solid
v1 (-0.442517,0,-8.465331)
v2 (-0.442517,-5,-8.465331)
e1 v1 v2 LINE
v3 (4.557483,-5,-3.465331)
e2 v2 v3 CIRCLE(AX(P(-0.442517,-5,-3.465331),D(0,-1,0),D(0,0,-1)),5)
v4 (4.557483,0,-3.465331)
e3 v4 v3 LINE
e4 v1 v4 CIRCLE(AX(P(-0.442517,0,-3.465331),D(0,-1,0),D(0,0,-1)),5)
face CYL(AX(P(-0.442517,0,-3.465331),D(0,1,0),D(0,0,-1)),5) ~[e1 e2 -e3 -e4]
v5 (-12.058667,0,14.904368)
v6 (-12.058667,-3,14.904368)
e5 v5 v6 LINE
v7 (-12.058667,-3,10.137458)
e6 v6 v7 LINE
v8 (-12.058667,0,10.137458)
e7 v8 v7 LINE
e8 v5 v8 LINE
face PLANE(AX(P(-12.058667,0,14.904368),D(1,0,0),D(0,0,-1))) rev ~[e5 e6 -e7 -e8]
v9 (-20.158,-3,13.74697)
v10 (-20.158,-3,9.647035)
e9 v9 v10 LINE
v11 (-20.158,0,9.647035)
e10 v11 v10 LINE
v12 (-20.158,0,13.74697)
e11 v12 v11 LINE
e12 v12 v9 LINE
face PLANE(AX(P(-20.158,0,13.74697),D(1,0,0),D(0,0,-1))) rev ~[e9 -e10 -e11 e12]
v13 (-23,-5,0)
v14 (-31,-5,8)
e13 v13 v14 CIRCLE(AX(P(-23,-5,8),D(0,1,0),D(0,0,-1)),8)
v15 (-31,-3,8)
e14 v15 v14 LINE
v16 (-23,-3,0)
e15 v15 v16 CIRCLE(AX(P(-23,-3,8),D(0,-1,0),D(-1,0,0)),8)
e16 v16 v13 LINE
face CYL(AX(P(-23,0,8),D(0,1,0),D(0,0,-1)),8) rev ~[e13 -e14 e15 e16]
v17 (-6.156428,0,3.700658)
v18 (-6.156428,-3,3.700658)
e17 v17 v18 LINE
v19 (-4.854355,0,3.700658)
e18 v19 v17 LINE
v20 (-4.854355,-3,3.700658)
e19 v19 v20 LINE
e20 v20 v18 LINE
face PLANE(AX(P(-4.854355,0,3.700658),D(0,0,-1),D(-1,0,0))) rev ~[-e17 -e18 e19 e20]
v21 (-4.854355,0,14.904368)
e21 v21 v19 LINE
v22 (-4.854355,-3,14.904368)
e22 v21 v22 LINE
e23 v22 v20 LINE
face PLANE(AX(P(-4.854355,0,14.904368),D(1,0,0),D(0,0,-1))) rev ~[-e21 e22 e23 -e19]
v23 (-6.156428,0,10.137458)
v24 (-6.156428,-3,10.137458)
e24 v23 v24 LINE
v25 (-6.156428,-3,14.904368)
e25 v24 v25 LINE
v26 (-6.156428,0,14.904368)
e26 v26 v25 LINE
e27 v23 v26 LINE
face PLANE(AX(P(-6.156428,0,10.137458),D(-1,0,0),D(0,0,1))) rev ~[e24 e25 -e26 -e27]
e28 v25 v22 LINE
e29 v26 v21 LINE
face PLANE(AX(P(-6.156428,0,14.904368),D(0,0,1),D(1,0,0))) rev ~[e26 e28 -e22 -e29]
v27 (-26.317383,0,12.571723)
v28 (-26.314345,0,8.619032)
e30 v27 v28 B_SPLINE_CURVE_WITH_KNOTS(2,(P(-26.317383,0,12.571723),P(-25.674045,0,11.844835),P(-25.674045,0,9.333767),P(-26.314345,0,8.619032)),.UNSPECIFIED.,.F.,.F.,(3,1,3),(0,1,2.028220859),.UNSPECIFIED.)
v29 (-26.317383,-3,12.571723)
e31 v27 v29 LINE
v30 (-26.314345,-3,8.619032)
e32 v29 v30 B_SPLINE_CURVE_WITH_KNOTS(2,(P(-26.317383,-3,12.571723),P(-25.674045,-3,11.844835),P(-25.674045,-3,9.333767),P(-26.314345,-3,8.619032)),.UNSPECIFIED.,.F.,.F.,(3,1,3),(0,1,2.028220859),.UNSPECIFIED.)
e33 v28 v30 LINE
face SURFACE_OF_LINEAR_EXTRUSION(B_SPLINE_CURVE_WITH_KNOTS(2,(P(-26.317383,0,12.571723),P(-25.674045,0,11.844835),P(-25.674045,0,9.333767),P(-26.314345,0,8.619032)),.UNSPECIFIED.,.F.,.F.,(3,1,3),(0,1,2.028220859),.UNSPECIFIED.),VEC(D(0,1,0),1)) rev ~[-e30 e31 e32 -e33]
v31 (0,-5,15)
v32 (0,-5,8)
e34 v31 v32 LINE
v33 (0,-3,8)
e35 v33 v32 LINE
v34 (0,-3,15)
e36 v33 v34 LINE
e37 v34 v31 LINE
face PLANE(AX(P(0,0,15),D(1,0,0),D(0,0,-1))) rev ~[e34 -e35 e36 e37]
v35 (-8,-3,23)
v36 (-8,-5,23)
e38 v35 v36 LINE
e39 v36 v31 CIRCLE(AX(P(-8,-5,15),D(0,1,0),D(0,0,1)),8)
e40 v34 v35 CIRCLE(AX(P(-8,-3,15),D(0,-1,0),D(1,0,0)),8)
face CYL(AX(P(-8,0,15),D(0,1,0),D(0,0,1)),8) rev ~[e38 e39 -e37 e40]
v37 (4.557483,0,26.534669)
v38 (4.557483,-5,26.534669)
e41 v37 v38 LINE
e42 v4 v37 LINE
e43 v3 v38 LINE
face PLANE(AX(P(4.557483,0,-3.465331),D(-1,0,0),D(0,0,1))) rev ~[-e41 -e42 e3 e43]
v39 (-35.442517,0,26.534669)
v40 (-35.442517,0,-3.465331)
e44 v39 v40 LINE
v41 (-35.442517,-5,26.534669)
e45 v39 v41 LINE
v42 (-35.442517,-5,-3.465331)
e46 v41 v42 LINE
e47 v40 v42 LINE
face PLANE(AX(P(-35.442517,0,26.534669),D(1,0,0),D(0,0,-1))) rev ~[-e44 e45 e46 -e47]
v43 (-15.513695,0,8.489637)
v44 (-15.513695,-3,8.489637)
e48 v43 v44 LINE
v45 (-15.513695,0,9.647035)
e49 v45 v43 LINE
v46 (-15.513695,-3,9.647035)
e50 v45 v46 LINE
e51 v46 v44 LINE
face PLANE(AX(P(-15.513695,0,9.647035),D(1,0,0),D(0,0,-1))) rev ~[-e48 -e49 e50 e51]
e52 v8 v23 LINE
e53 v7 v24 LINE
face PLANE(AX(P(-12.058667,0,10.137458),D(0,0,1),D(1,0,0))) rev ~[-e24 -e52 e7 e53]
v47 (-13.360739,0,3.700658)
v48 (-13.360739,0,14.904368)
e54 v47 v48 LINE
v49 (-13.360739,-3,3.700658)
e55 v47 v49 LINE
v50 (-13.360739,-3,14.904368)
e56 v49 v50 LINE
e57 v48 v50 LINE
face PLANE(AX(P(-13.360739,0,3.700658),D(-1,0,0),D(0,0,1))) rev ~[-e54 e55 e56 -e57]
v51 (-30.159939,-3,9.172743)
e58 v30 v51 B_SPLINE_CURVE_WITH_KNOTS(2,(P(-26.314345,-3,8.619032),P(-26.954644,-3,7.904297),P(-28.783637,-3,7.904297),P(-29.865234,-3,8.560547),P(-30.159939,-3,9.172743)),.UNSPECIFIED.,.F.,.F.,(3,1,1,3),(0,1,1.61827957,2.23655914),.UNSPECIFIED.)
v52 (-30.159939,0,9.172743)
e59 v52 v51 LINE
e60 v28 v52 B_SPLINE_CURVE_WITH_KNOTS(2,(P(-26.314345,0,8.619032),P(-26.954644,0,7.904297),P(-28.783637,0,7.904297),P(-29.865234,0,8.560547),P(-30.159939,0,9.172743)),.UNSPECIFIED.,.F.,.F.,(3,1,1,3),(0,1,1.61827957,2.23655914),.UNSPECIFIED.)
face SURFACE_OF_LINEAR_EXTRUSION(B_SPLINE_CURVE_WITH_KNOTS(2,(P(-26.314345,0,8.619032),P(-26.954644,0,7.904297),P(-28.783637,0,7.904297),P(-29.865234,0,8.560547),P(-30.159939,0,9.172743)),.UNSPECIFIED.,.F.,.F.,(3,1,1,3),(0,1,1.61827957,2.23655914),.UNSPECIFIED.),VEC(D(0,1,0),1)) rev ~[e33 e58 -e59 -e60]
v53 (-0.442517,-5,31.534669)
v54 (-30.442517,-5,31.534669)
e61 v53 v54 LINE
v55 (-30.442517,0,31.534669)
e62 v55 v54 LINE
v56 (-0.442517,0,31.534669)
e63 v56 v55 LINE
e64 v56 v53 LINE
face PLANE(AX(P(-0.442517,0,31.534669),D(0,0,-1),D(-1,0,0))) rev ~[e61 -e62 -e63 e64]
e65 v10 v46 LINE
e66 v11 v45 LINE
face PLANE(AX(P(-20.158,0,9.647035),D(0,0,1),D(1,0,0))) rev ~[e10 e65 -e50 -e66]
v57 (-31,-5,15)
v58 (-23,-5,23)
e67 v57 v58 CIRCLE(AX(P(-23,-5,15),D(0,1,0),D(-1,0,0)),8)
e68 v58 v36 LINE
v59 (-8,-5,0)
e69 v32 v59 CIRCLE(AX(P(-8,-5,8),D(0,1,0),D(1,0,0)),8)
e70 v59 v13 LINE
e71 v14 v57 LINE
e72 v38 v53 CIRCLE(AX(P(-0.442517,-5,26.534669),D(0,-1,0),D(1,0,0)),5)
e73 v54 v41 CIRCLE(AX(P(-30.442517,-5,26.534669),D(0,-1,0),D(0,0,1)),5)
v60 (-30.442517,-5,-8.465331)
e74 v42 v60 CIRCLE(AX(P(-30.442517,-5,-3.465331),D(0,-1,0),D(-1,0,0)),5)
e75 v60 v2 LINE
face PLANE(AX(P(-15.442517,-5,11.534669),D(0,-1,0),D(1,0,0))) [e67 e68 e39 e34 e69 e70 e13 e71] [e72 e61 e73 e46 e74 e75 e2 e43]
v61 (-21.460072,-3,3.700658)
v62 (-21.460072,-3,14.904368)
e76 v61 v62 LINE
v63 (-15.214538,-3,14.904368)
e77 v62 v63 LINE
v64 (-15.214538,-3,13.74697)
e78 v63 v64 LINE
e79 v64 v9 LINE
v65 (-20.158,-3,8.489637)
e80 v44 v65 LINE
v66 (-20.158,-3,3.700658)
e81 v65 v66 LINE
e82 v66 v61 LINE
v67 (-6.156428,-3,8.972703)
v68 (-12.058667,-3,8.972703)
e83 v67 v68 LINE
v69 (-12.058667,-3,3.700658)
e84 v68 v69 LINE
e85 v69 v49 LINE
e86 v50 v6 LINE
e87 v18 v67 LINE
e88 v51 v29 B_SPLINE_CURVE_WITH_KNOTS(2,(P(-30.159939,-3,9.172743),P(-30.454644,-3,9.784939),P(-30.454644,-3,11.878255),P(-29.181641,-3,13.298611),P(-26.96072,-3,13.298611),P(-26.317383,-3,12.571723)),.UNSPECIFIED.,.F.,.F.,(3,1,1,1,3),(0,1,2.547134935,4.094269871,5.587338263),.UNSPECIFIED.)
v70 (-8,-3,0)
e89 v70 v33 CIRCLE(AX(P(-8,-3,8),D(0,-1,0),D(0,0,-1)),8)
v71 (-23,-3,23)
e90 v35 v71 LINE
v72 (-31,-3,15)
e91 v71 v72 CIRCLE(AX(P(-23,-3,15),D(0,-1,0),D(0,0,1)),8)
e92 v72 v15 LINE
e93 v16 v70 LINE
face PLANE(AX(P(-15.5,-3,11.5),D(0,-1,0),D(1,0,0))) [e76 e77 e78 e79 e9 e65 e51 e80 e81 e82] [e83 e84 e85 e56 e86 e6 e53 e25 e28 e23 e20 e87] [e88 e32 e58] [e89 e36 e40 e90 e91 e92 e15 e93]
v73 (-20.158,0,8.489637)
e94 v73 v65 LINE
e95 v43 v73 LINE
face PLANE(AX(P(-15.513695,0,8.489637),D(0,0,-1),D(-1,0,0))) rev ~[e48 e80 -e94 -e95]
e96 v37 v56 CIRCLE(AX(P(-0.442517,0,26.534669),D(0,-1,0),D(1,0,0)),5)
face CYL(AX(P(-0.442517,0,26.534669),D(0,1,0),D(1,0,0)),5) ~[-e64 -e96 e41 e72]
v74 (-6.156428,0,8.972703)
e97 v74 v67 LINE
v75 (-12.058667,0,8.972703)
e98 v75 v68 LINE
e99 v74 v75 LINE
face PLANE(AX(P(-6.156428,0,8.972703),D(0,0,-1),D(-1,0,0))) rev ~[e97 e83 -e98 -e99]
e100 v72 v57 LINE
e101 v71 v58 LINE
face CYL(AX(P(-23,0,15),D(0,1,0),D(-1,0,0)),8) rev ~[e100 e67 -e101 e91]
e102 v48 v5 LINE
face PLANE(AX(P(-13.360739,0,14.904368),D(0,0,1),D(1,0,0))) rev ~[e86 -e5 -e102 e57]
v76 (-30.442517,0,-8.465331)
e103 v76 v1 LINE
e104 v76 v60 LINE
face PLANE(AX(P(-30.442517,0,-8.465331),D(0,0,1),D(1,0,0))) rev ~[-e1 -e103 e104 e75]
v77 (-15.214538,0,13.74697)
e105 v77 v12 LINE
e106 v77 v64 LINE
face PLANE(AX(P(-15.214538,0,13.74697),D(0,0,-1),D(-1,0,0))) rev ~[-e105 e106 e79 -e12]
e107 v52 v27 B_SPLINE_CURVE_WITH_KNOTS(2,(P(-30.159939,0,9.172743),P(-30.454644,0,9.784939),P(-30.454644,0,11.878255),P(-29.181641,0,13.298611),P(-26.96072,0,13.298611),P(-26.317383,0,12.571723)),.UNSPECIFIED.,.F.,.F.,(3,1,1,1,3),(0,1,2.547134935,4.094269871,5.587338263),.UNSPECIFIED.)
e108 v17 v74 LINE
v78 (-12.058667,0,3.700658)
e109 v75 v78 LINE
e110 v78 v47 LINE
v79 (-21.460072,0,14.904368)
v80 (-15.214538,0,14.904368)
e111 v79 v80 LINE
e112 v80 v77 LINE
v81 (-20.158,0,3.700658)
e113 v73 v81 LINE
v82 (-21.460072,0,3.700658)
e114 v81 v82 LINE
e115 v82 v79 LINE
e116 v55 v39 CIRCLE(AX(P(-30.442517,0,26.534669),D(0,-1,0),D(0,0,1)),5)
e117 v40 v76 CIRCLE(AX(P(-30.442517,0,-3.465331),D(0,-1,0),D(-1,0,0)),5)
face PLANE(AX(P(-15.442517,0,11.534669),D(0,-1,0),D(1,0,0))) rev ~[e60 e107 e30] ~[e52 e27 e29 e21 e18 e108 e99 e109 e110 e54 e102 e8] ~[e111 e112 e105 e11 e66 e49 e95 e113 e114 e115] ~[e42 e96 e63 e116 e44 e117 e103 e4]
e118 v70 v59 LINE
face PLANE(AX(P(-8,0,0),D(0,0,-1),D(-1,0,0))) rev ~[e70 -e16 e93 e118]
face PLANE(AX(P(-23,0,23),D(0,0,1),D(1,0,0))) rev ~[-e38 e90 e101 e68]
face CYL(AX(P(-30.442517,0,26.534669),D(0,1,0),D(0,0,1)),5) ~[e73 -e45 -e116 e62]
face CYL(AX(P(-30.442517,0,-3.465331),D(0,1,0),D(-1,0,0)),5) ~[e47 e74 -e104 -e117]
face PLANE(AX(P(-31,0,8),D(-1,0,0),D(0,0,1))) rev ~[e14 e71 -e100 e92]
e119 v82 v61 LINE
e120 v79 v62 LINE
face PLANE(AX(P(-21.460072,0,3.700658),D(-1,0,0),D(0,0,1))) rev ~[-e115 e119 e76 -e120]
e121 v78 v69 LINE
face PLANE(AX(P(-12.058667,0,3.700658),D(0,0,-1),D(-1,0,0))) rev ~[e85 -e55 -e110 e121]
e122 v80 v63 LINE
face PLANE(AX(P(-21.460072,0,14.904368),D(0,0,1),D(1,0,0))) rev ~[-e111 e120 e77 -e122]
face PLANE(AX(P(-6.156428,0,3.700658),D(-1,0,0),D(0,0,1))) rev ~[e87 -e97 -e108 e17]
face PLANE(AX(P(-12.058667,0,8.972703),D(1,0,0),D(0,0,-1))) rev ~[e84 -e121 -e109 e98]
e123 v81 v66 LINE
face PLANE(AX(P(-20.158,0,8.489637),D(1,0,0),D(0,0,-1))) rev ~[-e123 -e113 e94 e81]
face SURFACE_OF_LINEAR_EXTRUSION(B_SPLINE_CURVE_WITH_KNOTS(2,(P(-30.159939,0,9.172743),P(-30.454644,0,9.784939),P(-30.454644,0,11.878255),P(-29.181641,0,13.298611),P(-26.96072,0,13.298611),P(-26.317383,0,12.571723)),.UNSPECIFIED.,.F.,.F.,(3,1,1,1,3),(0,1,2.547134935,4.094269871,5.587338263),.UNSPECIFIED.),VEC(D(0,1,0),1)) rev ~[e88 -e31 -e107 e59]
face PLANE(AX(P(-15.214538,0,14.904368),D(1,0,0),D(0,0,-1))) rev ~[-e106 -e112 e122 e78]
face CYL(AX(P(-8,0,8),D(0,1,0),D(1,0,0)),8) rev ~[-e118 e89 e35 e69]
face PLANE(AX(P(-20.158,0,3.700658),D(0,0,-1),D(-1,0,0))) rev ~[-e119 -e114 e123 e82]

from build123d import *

# Parameters (mm, degrees)
F1_DEPTH = 3
F2_DEPTH = 5


with BuildPart() as f1:
    # F0 (on Front) → F1 (new body)
    with BuildSketch(Plane.XZ):
        with BuildLine():
            Line((-23, 0), (-8, 0))
            ThreePointArc((-8, 0), (-2.3431457505, 2.3431457505), (0, 8))
            Line((0, 8), (0, 15))
            ThreePointArc((0, 15), (-2.3431457505, 20.6568542495), (-8, 23))
            Line((-8, 23), (-23, 23))
            ThreePointArc((-23, 23), (-28.6568542495, 20.6568542495), (-31, 15))
            Line((-31, 15), (-31, 8))
            ThreePointArc((-31, 8), (-28.6568542495, 2.3431457505), (-23, 0))
        make_face()
        with BuildLine():
            add(Edge.make_bspline(
                [(-26.3173828125, 12.5717230903), (-25.6740451389, 11.8448350694), (-25.6740451389, 10.6067708333)],
                knots=[0, 0, 0, 1, 1, 1], degree=2))
            add(Edge.make_bspline(
                [(-25.6740451389, 10.6067708333), (-25.6740451389, 9.3337673611), (-26.3143446181, 8.6190321181)],
                knots=[0, 0, 0, 1, 1, 1], degree=2))
            add(Edge.make_bspline(
                [(-26.3143446181, 8.6190321181), (-26.9546440972, 7.904296875), (-28.0848524306, 7.904296875)],
                knots=[0, 0, 0, 1, 1, 1], degree=2))
            add(Edge.make_bspline(
                [(-28.0848524306, 7.904296875), (-28.7836371528, 7.904296875), (-29.3244357639, 8.232421875)],
                knots=[0, 0, 0, 1, 1, 1], degree=2))
            add(Edge.make_bspline(
                [(-29.3244357639, 8.232421875), (-29.865234375, 8.560546875), (-30.1599392361, 9.1727430556)],
                knots=[0, 0, 0, 1, 1, 1], degree=2))
            add(Edge.make_bspline(
                [(-30.1599392361, 9.1727430556), (-30.4546440972, 9.7849392361), (-30.4546440972, 10.6067708333)],
                knots=[0, 0, 0, 1, 1, 1], degree=2))
            add(Edge.make_bspline(
                [(-30.4546440972, 10.6067708333), (-30.4546440972, 11.8782552083), (-29.8181423611, 12.5884331597)],
                knots=[0, 0, 0, 1, 1, 1], degree=2))
            add(Edge.make_bspline(
                [(-29.8181423611, 12.5884331597), (-29.181640625, 13.2986111111), (-28.0514322917, 13.2986111111)],
                knots=[0, 0, 0, 1, 1, 1], degree=2))
            add(Edge.make_bspline(
                [(-28.0514322917, 13.2986111111), (-26.9607204861, 13.2986111111), (-26.3173828125, 12.5717230903)],
                knots=[0, 0, 0, 1, 1, 1], degree=2))
        make_face(mode=Mode.SUBTRACT)
        Polygon((-20.1579996961, 8.4896369224), (-20.1579996961, 3.7006579805), (-21.4600723116, 3.7006579805), (-21.4600723116, 14.904367548), (-15.2145375625, 14.904367548), (-15.2145375625, 13.7469696675), (-20.1579996961, 13.7469696675), (-20.1579996961, 9.6470348028), (-15.5136954893, 9.6470348028), (-15.5136954893, 8.4896369224), align=None, mode=Mode.SUBTRACT)
        Polygon((-4.8543552639, 14.904367548), (-4.8543552639, 3.7006579805), (-6.1564278794, 3.7006579805), (-6.1564278794, 8.9727034106), (-12.0586666469, 8.9727034106), (-12.0586666469, 3.7006579805), (-13.3607392625, 3.7006579805), (-13.3607392625, 14.904367548), (-12.0586666469, 14.904367548), (-12.0586666469, 10.1374576335), (-6.1564278794, 10.1374576335), (-6.1564278794, 14.904367548), align=None, mode=Mode.SUBTRACT)
    extrude(amount=F1_DEPTH)

    # F0 (on Front) → F2 (join)
    with BuildSketch(Plane.XZ):
        with BuildLine():
            Line((-0.4425173427, 31.5346689522), (-30.4425173427, 31.5346689522))
            ThreePointArc((-30.4425173427, 31.5346689522), (-33.9780512487, 30.0702028582), (-35.4425173427, 26.5346689522))
            Line((-35.4425173427, 26.5346689522), (-35.4425173427, -3.4653310478))
            ThreePointArc((-35.4425173427, -3.4653310478), (-33.9780512487, -7.0008649537), (-30.4425173427, -8.4653310478))
            Line((-30.4425173427, -8.4653310478), (-0.4425173427, -8.4653310478))
            ThreePointArc((-0.4425173427, -8.4653310478), (3.0930165632, -7.0008649537), (4.5574826573, -3.4653310478))
            Line((4.5574826573, -3.4653310478), (4.5574826573, 26.5346689522))
            ThreePointArc((4.5574826573, 26.5346689522), (3.0930165632, 30.0702028582), (-0.4425173427, 31.5346689522))
        make_face()
        with BuildLine():
            ThreePointArc((0, 8), (-2.3431457505, 2.3431457505), (-8, 0))
            Line((-8, 0), (-23, 0))
            ThreePointArc((-23, 0), (-28.6568542495, 2.3431457505), (-31, 8))
            Line((-31, 8), (-31, 15))
            ThreePointArc((-31, 15), (-28.6568542495, 20.6568542495), (-23, 23))
            Line((-23, 23), (-8, 23))
            ThreePointArc((-8, 23), (-2.3431457505, 20.6568542495), (0, 15))
            Line((0, 15), (0, 8))
        make_face(mode=Mode.SUBTRACT)
    extrude(amount=F2_DEPTH)


solid = f1.part
